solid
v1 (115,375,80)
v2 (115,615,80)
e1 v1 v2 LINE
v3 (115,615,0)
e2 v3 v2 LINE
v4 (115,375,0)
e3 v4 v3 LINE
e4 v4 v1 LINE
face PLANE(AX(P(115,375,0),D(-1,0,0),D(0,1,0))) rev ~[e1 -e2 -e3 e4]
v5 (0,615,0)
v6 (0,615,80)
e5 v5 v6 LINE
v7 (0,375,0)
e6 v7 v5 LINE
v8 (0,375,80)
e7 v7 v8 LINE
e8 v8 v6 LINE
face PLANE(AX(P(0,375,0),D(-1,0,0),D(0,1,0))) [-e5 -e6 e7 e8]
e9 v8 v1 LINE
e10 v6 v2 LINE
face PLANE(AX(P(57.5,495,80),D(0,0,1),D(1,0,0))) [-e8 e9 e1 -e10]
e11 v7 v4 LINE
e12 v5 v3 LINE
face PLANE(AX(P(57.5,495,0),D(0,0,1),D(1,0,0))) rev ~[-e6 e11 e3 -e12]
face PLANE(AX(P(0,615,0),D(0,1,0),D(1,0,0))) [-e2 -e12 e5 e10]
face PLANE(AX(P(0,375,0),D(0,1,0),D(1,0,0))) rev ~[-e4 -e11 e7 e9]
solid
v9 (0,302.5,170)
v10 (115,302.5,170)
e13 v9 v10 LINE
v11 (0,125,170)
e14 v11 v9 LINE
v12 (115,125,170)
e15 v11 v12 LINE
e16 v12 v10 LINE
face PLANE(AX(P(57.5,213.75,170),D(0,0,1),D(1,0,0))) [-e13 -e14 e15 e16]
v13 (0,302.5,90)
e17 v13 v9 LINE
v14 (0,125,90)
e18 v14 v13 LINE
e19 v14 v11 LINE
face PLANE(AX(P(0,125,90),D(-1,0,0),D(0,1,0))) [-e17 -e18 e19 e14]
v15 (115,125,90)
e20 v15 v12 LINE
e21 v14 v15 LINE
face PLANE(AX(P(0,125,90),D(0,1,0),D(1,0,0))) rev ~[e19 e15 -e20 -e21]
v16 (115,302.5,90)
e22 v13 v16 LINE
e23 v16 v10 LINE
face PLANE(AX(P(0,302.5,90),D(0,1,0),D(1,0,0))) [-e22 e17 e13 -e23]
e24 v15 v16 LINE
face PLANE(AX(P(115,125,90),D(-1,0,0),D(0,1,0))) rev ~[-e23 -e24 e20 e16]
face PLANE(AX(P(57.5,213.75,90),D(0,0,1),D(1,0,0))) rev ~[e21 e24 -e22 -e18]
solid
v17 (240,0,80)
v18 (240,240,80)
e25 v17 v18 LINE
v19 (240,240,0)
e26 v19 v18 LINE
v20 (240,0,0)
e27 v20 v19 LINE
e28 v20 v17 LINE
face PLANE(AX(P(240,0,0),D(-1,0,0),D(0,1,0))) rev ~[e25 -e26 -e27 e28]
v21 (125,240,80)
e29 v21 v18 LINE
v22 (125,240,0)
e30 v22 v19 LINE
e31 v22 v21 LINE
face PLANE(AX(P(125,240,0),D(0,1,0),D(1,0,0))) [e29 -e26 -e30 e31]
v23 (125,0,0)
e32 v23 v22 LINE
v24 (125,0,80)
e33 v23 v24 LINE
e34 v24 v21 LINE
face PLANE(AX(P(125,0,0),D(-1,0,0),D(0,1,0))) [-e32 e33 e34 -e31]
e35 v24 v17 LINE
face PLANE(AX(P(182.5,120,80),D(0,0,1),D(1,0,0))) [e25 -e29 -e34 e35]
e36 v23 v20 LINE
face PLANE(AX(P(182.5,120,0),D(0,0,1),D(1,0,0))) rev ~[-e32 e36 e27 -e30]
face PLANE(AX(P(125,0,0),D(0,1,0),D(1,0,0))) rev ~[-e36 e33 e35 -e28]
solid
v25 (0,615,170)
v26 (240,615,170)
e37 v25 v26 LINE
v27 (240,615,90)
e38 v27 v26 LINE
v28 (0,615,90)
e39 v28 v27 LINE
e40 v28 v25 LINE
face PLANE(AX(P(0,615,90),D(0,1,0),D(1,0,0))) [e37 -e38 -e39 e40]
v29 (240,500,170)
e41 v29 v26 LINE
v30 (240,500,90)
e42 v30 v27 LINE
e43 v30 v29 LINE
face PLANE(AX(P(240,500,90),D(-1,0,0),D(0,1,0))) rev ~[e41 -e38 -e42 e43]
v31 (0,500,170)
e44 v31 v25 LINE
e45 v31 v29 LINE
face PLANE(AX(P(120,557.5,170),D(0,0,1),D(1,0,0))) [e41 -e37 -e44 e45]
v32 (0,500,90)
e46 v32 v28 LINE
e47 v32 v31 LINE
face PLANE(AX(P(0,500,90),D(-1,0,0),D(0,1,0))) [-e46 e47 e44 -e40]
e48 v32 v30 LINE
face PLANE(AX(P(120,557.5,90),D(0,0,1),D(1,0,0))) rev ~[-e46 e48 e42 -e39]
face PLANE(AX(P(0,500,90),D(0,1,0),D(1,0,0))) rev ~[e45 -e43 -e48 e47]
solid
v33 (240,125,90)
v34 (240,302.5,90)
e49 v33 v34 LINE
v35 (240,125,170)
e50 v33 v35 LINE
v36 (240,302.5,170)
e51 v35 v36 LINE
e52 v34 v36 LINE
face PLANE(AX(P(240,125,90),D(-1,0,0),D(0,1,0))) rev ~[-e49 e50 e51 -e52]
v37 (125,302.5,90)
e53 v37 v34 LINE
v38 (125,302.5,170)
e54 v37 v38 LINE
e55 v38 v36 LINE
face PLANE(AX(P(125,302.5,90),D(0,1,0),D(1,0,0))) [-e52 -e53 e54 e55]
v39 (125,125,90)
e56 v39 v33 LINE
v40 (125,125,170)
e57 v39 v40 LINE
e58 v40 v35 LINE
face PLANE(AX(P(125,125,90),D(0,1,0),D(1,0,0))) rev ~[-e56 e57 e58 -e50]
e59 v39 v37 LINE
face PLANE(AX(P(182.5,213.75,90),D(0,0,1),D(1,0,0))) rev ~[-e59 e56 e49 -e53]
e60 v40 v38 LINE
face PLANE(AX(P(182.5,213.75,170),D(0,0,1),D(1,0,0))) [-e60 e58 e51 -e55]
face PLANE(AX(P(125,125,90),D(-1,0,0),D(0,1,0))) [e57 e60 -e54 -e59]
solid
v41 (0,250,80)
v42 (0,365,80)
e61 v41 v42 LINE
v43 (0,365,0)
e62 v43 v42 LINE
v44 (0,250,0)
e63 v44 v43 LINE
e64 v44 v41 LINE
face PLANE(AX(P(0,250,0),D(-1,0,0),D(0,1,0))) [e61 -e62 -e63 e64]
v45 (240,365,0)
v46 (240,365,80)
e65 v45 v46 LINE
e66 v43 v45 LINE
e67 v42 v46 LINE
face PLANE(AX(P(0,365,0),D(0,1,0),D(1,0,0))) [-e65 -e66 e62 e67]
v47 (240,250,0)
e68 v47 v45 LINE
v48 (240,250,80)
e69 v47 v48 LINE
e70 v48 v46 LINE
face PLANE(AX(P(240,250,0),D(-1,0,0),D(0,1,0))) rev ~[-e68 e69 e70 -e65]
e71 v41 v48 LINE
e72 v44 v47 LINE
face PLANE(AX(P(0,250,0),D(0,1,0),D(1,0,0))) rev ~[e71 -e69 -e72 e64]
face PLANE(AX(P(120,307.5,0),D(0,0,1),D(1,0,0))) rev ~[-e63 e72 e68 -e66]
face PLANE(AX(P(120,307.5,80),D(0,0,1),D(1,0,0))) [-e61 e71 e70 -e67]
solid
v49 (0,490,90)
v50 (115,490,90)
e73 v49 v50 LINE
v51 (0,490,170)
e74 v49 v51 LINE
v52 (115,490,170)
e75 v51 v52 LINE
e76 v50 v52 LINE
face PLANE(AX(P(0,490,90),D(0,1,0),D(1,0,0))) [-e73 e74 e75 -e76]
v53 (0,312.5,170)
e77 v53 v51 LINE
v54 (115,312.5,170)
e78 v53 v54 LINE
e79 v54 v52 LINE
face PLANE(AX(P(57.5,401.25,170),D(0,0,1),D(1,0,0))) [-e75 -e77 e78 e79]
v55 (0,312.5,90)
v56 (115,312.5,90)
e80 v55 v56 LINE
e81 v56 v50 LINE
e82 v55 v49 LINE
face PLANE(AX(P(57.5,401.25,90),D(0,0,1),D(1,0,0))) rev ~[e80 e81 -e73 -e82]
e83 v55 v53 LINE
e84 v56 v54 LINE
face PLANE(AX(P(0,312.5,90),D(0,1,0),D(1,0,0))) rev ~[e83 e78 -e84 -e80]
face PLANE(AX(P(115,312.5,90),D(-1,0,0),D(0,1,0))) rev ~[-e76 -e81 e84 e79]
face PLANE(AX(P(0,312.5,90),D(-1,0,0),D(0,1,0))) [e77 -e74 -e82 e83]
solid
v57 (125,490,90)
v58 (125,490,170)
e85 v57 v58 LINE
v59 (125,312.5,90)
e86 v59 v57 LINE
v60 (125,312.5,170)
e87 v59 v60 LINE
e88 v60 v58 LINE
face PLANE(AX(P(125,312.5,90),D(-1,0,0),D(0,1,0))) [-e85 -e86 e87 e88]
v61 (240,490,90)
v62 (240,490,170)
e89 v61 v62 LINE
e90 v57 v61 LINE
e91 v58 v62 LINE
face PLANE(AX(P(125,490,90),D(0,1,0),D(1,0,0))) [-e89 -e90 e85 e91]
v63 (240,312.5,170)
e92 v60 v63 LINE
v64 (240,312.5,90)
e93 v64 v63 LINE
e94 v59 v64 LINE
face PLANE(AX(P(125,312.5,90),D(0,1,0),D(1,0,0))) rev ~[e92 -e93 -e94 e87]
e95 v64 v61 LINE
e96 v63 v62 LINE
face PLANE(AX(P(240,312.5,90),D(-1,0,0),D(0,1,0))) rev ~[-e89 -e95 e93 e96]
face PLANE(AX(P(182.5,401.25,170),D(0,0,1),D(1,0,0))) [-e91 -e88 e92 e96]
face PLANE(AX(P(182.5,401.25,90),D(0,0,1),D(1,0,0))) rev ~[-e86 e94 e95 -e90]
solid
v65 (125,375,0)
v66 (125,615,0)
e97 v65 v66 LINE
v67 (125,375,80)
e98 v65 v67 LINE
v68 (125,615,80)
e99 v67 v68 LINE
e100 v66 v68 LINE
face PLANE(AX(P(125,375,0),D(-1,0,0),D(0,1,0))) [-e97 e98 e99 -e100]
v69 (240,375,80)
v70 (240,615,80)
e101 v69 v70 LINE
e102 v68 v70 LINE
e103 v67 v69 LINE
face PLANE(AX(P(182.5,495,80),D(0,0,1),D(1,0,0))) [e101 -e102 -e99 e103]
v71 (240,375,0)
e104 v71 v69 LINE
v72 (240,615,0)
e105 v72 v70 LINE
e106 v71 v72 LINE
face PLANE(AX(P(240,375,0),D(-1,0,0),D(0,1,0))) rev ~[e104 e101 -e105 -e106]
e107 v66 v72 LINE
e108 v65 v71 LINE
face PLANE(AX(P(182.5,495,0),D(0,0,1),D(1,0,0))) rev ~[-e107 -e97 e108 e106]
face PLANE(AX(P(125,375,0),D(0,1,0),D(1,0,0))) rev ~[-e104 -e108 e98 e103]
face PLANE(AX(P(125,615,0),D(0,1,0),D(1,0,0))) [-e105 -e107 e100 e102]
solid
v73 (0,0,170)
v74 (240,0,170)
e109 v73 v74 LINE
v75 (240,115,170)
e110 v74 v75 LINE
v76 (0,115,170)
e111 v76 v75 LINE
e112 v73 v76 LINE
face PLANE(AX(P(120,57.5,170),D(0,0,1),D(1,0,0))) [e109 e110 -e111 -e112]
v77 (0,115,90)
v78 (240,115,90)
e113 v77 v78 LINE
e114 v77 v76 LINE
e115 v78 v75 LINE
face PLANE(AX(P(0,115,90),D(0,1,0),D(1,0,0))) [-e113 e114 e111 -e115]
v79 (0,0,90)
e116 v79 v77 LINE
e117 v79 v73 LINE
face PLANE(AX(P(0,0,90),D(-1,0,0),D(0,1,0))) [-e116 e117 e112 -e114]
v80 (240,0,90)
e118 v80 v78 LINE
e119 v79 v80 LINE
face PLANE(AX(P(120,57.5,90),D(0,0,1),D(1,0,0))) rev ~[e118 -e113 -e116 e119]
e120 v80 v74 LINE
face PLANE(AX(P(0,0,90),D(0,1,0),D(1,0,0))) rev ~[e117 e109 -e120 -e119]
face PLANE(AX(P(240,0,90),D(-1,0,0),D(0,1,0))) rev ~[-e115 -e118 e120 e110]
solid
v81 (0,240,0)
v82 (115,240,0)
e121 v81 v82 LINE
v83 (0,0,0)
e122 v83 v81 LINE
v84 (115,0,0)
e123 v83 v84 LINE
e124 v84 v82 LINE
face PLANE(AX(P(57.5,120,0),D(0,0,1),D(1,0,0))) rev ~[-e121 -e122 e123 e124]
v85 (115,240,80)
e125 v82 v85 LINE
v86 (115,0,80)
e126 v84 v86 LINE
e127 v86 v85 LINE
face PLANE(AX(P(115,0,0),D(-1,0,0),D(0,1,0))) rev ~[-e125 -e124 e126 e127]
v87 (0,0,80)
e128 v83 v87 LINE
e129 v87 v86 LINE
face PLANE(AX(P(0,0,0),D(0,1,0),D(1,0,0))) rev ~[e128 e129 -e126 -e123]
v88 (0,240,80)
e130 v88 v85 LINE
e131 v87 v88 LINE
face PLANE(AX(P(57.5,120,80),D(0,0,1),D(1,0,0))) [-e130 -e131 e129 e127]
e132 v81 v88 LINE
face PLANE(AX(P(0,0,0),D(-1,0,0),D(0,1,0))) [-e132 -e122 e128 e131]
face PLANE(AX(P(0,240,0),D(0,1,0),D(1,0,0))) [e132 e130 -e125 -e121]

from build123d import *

# Parameters (mm, degrees)
F0_W     = 115
F0_H     = 240
F1_DEPTH = 80
F0_W_2   = 240
F0_H_2   = 115
F3_W     = 240
F3_H     = 115
F4_DEPTH = 80
F3_W_2   = 115
F3_H_2   = 177.5


with BuildPart() as f1:
    # F0 (on Top) → F1 (new body)
    with BuildSketch(Plane.XY):
        with Locations((57.5, 120)):
            Rectangle(F0_W, F0_H)
    extrude(amount=F1_DEPTH)


with BuildPart() as f1b:
    # F0 (on Top) → F1, piece 2 (new body)
    with BuildSketch(Plane.XY):
        with Locations((182.5, 120)):
            Rectangle(F0_W, F0_H)
    extrude(amount=F1_DEPTH)


with BuildPart() as f1c:
    # F0 (on Top) → F1, piece 3 (new body)
    with BuildSketch(Plane.XY):
        with Locations((120, 307.5)):
            Rectangle(F0_W_2, F0_H_2)
    extrude(amount=F1_DEPTH)


with BuildPart() as f1d:
    # F0 (on Top) → F1, piece 4 (new body)
    with BuildSketch(Plane.XY):
        with Locations((57.5, 495)):
            Rectangle(F0_W, F0_H)
    extrude(amount=F1_DEPTH)


with BuildPart() as f1e:
    # F0 (on Top) → F1, piece 5 (new body)
    with BuildSketch(Plane.XY):
        with Locations((182.5, 495)):
            Rectangle(F0_W, F0_H)
    extrude(amount=F1_DEPTH)


with BuildPart() as f4:
    # F3 (on offset) → F4 (new body)
    with BuildSketch(Plane.XY.offset(90)):
        with Locations((120, 57.5)):
            Rectangle(F3_W, F3_H)
    extrude(amount=F4_DEPTH)


with BuildPart() as f4b:
    # F3 (on offset) → F4, piece 2 (new body)
    with BuildSketch(Plane.XY.offset(90)):
        with Locations((57.5, 213.75)):
            Rectangle(F3_W_2, F3_H_2)
    extrude(amount=F4_DEPTH)


with BuildPart() as f4c:
    # F3 (on offset) → F4, piece 3 (new body)
    with BuildSketch(Plane.XY.offset(90)):
        with Locations((182.5, 213.75)):
            Rectangle(F3_W_2, F3_H_2)
    extrude(amount=F4_DEPTH)


with BuildPart() as f4d:
    # F3 (on offset) → F4, piece 4 (new body)
    with BuildSketch(Plane.XY.offset(90)):
        with Locations((57.5, 401.25)):
            Rectangle(F3_W_2, F3_H_2)
    extrude(amount=F4_DEPTH)


with BuildPart() as f4e:
    # F3 (on offset) → F4, piece 5 (new body)
    with BuildSketch(Plane.XY.offset(90)):
        with Locations((182.5, 401.25)):
            Rectangle(F3_W_2, F3_H_2)
    extrude(amount=F4_DEPTH)


with BuildPart() as f4f:
    # F3 (on offset) → F4, piece 6 (new body)
    with BuildSketch(Plane.XY.offset(90)):
        with Locations((120, 557.5)):
            Rectangle(F3_W, F3_H)
    extrude(amount=F4_DEPTH)


solid = Compound([f1.part, f1b.part, f1c.part, f1d.part, f1e.part, f4.part, f4b.part, f4c.part, f4d.part, f4e.part, f4f.part])
